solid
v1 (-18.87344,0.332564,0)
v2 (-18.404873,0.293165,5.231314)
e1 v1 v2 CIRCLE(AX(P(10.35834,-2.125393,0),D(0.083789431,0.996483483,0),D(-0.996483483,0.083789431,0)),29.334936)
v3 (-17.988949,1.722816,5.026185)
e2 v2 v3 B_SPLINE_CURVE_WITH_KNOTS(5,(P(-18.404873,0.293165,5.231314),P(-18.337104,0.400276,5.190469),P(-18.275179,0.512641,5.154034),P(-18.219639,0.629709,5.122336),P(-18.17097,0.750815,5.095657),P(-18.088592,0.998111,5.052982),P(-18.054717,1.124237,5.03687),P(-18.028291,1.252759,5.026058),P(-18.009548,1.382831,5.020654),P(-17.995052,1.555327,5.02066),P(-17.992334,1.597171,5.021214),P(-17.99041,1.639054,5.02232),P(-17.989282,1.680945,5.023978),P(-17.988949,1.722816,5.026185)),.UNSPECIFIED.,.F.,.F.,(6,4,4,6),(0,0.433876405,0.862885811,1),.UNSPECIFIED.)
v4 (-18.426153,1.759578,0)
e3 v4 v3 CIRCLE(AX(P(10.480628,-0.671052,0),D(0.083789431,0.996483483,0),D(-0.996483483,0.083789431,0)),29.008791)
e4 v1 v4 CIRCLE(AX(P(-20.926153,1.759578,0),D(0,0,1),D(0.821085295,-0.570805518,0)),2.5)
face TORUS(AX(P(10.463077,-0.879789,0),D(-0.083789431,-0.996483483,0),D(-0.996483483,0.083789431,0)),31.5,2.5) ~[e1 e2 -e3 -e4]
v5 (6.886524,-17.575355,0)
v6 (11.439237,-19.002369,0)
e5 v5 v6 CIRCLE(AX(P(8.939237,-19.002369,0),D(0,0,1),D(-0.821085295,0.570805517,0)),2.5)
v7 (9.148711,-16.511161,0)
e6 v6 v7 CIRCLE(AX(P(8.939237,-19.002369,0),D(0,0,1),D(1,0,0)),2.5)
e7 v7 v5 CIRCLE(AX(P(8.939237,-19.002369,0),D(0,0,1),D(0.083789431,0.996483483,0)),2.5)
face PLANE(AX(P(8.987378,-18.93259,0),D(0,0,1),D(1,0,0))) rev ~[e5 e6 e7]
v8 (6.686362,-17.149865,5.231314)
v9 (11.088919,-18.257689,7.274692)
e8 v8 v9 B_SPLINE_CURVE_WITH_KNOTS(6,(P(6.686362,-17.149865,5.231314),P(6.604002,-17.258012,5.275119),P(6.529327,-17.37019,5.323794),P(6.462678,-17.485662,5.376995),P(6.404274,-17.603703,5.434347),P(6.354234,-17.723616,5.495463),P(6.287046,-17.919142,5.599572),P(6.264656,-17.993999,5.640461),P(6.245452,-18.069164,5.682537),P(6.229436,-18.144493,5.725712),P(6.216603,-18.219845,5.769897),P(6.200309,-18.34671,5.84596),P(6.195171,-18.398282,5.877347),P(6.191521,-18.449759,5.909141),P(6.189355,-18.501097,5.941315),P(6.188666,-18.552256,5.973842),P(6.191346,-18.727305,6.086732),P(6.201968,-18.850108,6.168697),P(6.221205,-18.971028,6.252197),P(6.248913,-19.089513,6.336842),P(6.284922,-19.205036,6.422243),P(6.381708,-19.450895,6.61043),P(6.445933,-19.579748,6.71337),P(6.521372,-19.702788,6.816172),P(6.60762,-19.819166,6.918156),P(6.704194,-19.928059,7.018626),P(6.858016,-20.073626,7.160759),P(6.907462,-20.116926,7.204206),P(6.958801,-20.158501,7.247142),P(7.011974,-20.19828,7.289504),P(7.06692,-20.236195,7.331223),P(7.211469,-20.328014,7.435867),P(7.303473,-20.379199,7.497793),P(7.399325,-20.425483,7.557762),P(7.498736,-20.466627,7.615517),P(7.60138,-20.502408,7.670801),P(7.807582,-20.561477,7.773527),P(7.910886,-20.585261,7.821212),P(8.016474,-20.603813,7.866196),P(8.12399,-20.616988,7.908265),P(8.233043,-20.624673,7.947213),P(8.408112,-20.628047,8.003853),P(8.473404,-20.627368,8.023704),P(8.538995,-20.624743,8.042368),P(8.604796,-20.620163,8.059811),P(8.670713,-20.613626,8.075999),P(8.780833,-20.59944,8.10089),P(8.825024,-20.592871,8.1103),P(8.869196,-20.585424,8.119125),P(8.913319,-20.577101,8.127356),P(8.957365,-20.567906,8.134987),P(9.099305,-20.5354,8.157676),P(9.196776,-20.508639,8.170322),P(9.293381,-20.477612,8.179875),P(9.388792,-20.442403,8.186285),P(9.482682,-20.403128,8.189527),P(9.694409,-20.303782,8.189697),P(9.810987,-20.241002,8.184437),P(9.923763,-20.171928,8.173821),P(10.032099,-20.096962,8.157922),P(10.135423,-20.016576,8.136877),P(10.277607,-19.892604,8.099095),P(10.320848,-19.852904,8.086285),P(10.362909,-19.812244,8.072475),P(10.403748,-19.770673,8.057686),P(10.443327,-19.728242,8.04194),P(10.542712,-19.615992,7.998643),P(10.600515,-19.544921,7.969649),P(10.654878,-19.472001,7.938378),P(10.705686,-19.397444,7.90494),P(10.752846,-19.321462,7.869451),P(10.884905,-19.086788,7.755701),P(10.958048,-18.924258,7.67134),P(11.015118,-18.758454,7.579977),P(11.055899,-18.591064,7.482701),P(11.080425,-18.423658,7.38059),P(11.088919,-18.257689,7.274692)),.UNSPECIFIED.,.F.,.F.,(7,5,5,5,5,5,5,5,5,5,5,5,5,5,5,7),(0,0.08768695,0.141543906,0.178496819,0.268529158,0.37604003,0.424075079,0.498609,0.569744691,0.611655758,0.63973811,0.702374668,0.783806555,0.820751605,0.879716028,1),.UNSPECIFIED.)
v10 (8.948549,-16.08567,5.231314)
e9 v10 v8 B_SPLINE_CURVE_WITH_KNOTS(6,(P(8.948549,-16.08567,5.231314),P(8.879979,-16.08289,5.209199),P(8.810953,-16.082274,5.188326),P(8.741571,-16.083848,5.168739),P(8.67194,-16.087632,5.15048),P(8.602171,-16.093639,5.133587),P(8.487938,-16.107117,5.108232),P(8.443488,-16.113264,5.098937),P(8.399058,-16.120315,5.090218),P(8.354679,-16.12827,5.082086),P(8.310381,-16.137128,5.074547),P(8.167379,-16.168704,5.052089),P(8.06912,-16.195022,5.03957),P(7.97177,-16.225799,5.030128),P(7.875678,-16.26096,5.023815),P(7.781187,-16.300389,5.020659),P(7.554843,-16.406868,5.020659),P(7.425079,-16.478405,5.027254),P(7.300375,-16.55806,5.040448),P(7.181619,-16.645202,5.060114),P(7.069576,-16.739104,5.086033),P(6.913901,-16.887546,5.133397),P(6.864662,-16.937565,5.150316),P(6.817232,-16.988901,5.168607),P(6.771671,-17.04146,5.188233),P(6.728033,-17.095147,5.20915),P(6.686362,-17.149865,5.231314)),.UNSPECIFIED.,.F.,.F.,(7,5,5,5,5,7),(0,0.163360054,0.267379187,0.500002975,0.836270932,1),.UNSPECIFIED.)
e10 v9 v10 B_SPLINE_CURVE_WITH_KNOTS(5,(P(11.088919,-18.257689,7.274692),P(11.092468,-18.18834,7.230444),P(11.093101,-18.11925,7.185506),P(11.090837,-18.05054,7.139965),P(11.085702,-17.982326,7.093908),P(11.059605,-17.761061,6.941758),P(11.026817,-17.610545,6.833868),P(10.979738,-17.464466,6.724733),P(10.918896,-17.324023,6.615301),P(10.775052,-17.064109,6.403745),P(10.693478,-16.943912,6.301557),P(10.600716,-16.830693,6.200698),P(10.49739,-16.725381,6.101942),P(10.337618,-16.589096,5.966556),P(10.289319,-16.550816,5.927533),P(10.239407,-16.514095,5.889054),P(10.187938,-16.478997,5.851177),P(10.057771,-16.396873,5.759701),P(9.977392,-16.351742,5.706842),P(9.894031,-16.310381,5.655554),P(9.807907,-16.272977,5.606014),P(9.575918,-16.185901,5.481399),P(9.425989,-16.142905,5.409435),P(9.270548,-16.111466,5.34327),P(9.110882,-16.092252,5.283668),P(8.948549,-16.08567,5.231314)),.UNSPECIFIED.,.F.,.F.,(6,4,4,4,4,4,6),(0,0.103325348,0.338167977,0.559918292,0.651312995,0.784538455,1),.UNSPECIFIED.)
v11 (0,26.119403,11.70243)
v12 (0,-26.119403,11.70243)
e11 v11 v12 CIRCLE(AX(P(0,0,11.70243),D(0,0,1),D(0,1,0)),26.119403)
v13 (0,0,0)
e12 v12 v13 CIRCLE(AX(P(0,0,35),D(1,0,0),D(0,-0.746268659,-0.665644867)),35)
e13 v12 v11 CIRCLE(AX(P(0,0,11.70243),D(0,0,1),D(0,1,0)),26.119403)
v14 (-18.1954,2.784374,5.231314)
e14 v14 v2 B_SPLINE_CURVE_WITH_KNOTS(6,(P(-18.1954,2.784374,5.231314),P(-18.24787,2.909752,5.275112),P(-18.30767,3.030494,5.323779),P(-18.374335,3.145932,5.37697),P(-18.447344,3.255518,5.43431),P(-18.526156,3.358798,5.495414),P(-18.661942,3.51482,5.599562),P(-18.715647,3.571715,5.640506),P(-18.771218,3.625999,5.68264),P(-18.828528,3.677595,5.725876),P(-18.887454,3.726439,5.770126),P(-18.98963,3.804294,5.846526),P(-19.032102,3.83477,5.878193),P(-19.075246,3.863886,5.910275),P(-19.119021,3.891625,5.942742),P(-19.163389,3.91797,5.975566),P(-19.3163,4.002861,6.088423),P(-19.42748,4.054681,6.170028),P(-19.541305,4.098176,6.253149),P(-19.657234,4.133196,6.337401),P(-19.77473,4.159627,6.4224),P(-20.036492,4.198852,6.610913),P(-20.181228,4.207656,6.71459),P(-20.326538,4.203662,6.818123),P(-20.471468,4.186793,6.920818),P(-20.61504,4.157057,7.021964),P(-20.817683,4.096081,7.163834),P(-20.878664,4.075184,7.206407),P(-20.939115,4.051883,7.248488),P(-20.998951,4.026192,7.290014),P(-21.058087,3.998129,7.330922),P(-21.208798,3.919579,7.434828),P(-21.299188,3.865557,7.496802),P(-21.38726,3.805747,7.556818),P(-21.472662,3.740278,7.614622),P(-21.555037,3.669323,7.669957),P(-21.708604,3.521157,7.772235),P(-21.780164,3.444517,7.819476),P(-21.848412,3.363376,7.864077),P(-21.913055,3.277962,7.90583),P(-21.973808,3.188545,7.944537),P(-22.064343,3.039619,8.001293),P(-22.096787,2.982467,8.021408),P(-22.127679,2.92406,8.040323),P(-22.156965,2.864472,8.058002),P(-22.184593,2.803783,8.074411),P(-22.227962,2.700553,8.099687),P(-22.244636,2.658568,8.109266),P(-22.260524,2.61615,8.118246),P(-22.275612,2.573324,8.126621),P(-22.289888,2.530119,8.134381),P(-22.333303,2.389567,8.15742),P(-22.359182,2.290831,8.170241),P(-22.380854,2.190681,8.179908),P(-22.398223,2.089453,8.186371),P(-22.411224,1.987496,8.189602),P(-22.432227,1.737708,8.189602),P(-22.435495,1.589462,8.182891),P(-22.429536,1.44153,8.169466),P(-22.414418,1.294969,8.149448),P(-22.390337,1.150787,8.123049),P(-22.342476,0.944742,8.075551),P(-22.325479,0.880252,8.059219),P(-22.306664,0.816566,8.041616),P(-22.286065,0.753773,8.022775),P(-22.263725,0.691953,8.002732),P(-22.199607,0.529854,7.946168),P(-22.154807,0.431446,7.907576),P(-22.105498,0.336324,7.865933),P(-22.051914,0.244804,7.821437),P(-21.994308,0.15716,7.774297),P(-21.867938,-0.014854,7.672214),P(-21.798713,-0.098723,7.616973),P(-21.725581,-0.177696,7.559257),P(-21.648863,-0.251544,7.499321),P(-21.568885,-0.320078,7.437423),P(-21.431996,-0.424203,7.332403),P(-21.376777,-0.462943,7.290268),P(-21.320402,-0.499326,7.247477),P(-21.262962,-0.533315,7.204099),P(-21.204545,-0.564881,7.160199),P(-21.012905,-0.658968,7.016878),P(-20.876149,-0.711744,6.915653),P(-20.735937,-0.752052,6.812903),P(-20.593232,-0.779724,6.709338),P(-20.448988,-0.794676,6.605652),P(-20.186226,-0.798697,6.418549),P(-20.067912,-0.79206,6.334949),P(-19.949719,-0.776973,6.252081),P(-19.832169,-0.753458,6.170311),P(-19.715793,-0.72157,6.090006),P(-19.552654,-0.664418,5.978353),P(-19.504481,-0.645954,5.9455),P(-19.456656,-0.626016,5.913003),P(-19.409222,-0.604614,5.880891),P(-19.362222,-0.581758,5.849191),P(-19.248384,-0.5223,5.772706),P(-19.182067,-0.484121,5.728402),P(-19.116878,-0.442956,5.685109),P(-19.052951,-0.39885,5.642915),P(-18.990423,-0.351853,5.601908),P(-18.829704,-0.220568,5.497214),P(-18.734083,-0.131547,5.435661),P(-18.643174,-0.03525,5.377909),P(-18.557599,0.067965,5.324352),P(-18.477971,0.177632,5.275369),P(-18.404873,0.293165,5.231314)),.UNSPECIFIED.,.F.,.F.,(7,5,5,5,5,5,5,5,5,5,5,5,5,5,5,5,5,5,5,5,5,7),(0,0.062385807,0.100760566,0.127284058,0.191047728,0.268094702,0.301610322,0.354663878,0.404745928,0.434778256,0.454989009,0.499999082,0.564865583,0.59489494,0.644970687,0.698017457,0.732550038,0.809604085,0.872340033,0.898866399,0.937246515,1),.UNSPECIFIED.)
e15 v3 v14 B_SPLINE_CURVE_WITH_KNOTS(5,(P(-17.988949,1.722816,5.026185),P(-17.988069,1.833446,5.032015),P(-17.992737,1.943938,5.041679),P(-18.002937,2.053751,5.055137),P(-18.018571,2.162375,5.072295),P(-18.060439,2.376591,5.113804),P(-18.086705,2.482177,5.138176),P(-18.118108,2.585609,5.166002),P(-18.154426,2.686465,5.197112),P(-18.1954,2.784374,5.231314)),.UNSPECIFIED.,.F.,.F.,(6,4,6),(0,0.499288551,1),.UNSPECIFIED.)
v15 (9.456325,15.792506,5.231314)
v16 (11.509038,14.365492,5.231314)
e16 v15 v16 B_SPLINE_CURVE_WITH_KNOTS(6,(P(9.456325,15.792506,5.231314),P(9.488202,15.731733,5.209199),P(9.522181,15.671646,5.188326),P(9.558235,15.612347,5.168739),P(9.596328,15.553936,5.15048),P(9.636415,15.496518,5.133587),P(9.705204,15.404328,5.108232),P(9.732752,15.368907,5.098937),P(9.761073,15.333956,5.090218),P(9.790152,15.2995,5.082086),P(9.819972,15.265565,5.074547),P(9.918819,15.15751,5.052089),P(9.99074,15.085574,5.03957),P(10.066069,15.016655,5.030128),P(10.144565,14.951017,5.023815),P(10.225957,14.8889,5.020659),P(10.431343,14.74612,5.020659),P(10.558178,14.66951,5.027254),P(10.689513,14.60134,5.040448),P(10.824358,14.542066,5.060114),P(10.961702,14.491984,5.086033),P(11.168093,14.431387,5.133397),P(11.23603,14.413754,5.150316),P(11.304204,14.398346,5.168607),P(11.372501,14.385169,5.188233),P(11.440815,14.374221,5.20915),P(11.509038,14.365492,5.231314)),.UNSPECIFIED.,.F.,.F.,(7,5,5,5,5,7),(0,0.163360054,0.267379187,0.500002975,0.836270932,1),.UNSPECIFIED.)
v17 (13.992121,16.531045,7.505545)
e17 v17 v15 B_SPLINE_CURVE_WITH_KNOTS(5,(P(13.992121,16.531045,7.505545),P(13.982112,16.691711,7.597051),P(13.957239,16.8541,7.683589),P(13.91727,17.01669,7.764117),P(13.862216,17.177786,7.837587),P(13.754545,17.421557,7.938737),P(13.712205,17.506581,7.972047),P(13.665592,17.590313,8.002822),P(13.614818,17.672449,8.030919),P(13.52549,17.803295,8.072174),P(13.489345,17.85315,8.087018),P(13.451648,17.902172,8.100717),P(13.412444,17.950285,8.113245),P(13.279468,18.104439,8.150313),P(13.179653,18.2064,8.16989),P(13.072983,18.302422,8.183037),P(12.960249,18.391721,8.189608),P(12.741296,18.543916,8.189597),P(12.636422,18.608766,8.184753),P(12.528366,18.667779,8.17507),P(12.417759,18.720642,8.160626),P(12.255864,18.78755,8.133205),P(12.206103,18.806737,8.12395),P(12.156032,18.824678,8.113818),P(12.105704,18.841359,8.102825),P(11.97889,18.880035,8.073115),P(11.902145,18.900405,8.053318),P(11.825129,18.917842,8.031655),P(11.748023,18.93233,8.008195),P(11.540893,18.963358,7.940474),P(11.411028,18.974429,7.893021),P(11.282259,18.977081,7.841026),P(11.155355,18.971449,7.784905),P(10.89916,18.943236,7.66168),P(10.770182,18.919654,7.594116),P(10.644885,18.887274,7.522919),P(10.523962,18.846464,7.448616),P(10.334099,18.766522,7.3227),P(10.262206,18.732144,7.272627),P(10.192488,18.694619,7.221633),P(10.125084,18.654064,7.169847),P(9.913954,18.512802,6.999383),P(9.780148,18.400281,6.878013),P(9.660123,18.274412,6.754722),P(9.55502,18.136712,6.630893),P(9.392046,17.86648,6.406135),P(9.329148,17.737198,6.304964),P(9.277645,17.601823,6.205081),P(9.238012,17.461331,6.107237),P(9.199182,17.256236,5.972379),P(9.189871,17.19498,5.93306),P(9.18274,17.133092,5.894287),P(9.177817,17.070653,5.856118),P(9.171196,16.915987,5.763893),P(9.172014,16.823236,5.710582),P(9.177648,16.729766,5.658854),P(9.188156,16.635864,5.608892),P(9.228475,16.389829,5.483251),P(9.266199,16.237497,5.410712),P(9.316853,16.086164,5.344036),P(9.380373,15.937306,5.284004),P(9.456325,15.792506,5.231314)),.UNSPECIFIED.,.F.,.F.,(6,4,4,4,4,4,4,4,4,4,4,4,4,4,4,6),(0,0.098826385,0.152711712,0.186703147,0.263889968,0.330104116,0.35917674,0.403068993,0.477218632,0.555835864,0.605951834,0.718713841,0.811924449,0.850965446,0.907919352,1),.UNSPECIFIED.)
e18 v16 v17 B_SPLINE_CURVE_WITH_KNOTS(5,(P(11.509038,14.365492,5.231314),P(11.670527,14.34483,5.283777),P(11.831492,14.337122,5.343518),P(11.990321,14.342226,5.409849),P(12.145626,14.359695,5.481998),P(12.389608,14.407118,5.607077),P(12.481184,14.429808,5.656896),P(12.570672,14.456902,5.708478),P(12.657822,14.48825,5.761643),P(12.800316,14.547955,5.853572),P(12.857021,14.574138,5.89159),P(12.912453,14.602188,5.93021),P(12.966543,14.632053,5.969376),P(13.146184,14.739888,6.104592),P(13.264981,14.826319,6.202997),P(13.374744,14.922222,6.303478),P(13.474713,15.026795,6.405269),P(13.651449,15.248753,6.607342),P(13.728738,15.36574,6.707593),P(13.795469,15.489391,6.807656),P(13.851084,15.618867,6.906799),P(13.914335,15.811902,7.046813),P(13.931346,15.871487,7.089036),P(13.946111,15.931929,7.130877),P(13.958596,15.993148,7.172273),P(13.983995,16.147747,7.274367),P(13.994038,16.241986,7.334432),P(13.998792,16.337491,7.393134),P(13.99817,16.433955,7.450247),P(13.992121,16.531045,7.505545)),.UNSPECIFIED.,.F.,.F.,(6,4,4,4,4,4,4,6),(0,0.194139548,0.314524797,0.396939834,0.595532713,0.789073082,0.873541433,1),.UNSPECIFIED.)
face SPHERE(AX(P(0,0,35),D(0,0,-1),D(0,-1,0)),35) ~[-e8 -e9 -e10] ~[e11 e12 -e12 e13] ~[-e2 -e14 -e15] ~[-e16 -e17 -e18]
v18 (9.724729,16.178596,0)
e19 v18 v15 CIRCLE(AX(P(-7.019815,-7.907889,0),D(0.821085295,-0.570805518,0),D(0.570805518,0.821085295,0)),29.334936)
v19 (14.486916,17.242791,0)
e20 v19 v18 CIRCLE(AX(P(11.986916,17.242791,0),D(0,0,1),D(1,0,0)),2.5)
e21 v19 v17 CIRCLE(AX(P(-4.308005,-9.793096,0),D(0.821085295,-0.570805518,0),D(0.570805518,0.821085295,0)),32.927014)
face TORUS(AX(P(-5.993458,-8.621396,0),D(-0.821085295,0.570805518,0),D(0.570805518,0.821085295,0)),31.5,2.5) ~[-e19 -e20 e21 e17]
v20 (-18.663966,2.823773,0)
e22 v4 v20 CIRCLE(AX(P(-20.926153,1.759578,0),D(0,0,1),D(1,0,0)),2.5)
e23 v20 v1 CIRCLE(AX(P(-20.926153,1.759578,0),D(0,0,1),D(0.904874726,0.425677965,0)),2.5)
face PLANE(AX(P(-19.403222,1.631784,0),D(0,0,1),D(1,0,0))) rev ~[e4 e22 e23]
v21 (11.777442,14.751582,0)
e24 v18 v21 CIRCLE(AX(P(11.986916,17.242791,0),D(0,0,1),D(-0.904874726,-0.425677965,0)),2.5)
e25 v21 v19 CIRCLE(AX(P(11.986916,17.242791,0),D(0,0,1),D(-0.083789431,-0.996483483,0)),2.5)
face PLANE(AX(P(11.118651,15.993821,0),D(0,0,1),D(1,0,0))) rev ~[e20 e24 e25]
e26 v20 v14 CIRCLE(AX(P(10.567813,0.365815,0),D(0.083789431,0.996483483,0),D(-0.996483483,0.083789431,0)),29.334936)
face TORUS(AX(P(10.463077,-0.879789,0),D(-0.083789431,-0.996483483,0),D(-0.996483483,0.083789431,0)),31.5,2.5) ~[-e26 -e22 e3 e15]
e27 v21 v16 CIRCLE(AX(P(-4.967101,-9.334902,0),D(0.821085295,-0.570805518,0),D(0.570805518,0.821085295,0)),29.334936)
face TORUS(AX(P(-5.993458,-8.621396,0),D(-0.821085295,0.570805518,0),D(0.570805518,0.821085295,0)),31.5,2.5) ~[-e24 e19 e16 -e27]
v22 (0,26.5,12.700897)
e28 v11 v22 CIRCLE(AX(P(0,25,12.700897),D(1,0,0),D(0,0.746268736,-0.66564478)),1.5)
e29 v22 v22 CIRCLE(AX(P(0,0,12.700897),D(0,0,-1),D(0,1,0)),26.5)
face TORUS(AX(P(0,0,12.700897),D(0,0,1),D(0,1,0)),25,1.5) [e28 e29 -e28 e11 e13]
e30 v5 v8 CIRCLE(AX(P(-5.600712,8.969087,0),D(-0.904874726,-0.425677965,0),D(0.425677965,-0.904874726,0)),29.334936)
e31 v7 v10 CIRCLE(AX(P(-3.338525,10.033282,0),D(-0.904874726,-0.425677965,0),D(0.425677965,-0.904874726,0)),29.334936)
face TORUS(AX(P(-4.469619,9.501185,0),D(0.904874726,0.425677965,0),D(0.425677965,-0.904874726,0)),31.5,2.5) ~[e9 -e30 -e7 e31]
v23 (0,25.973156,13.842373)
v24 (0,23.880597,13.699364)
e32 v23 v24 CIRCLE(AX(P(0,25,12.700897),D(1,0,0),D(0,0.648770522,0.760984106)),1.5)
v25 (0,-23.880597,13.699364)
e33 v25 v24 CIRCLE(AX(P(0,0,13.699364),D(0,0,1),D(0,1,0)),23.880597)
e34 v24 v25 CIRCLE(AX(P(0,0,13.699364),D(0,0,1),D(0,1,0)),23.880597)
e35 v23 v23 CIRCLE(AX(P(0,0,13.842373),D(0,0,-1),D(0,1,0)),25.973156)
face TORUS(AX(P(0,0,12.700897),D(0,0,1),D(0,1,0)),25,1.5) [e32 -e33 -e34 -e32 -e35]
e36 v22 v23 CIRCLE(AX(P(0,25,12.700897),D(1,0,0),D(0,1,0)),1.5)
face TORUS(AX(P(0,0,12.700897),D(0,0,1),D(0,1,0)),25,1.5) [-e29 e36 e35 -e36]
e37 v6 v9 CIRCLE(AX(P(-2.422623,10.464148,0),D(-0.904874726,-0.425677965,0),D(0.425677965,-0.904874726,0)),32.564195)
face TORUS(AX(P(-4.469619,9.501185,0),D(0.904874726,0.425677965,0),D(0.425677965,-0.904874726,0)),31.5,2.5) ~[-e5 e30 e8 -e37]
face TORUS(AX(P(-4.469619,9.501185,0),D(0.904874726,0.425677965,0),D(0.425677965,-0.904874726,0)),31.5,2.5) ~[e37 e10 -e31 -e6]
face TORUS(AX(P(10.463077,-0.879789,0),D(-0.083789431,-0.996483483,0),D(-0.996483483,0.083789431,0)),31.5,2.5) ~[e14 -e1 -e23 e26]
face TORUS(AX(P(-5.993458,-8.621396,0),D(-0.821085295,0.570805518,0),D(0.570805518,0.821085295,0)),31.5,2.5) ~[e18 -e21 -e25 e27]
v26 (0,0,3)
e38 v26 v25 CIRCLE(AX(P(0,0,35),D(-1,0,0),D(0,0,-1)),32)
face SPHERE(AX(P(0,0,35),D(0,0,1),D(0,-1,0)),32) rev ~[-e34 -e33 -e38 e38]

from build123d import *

# Parameters (mm, degrees)
F3_ANGLE = 15
F4_ANGLE = 15
F5_ANGLE = 15


with BuildPart() as f2:
    # F1 (on Right) → F2 (revolve)
    with BuildSketch(Plane.YZ):
        with BuildLine():
            ThreePointArc((-23.5, 12.700896879), (-23.6243333512, 12.1029493301), (-23.9767216951, 11.6041282112))
            ThreePointArc((-23.9767216951, 11.6041282112), (-13.0093869009, 4.1292071294), (0, 1.5))
            Line((0, 1.5), (0, 3))
            ThreePointArc((0, 3), (-13.0839530364, 5.7970862251), (-23.8805970223, 13.6993641912))
            ThreePointArc((-23.8805970223, 13.6993641912), (-23.5983751453, 13.235169999), (-23.5, 12.700896879))
        make_face()
        with BuildLine():
            ThreePointArc((-23.9767216951, 11.6041282112), (-25.0687443502, 11.2024729689), (-26.119403059, 11.7024296579))
            ThreePointArc((-26.119403059, 11.7024296579), (-14.3105736787, 3.059313079), (0, 0))
            Line((0, 0), (0, 1.5))
            ThreePointArc((0, 1.5), (-13.0093869009, 4.1292071294), (-23.9767216951, 11.6041282112))
        make_face()
        with BuildLine():
            ThreePointArc((-25.9731557832, 13.842373038), (-26.4965092865, 12.8031708029), (-26.119403059, 11.7024296579))
            ThreePointArc((-26.119403059, 11.7024296579), (-25.0687443502, 11.2024729689), (-23.9767216951, 11.6041282112))
            ThreePointArc((-23.9767216951, 11.6041282112), (-25, 12.700896879), (-25.9731557832, 13.842373038))
        make_face()
        with BuildLine():
            ThreePointArc((-23.8805970223, 13.6993641912), (-24.897726137, 14.1974061697), (-25.9731557832, 13.842373038))
            ThreePointArc((-25.9731557832, 13.842373038), (-25, 12.700896879), (-23.9767216951, 11.6041282112))
            ThreePointArc((-23.9767216951, 11.6041282112), (-23.6243333512, 12.1029493301), (-23.5, 12.700896879))
            ThreePointArc((-23.5, 12.700896879), (-23.5983751453, 13.235169999), (-23.8805970223, 13.6993641912))
        make_face()
        with BuildLine():
            ThreePointArc((23.9767216951, 11.6041282112), (25.0687443844, 11.2024729705), (26.1194031045, 11.702429709))
            ThreePointArc((26.1194031045, 11.702429709), (26.4016248886, 12.166623848), (26.5, 12.700896879))
            ThreePointArc((26.5, 12.700896879), (26.3619349608, 13.3294930631), (25.9731557832, 13.842373038))
            ThreePointArc((25.9731557832, 13.842373038), (25, 12.700896879), (23.9767216951, 11.6041282112))
        make_face()
        with BuildLine():
            ThreePointArc((23.8805969652, 13.6993641272), (23.5015760891, 12.6321525469), (23.9767216951, 11.6041282112))
            ThreePointArc((23.9767216951, 11.6041282112), (25, 12.700896879), (25.9731557832, 13.842373038))
            ThreePointArc((25.9731557832, 13.842373038), (24.8977260943, 14.1974061667), (23.8805969652, 13.6993641272))
        make_face()
    revolve(axis=Axis((0, 0, 69.2957118154), (0, 0, 1)))

    # F0 (on Top) → F3 (revolve)
    with BuildSketch(Plane.XY):
        with BuildLine():
            ThreePointArc((11.4392372684, -19.0023692486), (10.7795747302, -17.3102823634), (9.1487108469, -16.5111605419))
            Line((9.1487108469, -16.5111605419), (8.9392372684, -19.0023692486))
            Line((8.9392372684, -19.0023692486), (6.8865240316, -17.5753554549))
            ThreePointArc((6.8865240316, -17.5753554549), (8.1915017176, -21.3879282074), (11.4392372684, -19.0023692486))
        make_face()
        with BuildLine():
            Line((8.9392372684, -19.0023692486), (9.1487108469, -16.5111605419))
            ThreePointArc((9.1487108469, -16.5111605419), (7.8750423555, -16.7401824333), (6.8865240316, -17.5753554549))
            Line((6.8865240316, -17.5753554549), (8.9392372684, -19.0023692486))
        make_face()
    revolve(axis=Axis((-4.4696186342, 9.5011846243, 0), (-0.9048747261, -0.4256779652, 0)), revolution_arc=F3_ANGLE)

    # F0 (on Top) → F4 (revolve)
    with BuildSketch(Plane.XY):
        with BuildLine():
            Line((11.7774422886, 14.7515824826), (11.9869158671, 17.2427911892))
            Line((11.9869158671, 17.2427911892), (9.7247290518, 16.1785962763))
            ThreePointArc((9.7247290518, 16.1785962763), (10.5599020734, 15.1900779524), (11.7774422886, 14.7515824826))
        make_face()
        with BuildLine():
            Line((9.7247290518, 16.1785962763), (11.9869158671, 17.2427911892))
            Line((11.9869158671, 17.2427911892), (11.7774422886, 14.7515824826))
            ThreePointArc((11.7774422886, 14.7515824826), (13.6790027523, 15.4024537275), (14.4869158671, 17.2427911892))
            ThreePointArc((14.4869158671, 17.2427911892), (11.4416943701, 19.6826136252), (9.7247290518, 16.1785962763))
        make_face()
    revolve(axis=Axis((-5.9934579336, -8.6213955946, 0), (0.8210852947, -0.5708055175, 0)), revolution_arc=F4_ANGLE)

    # F0 (on Top) → F5 (revolve)
    with BuildSketch(Plane.XY):
        with BuildLine():
            ThreePointArc((-18.4261531356, 1.7595780594), (-18.4863306996, 2.3047995564), (-18.6639663203, 2.8237729723))
            Line((-18.6639663203, 2.8237729723), (-20.9261531356, 1.7595780594))
            Line((-20.9261531356, 1.7595780594), (-18.8734398988, 0.3325642656))
            ThreePointArc((-18.8734398988, 0.3325642656), (-18.5405941767, 1.0118425085), (-18.4261531356, 1.7595780594))
        make_face()
        with BuildLine():
            Line((-20.9261531356, 1.7595780594), (-18.6639663203, 2.8237729723))
            ThreePointArc((-18.6639663203, 2.8237729723), (-23.4173618422, 1.9690516378), (-18.8734398988, 0.3325642656))
            Line((-18.8734398988, 0.3325642656), (-20.9261531356, 1.7595780594))
        make_face()
    revolve(axis=Axis((10.4630765678, -0.8797890297, 0), (0.0837894314, 0.9964834826, 0)), revolution_arc=F5_ANGLE)


solid = f2.part
